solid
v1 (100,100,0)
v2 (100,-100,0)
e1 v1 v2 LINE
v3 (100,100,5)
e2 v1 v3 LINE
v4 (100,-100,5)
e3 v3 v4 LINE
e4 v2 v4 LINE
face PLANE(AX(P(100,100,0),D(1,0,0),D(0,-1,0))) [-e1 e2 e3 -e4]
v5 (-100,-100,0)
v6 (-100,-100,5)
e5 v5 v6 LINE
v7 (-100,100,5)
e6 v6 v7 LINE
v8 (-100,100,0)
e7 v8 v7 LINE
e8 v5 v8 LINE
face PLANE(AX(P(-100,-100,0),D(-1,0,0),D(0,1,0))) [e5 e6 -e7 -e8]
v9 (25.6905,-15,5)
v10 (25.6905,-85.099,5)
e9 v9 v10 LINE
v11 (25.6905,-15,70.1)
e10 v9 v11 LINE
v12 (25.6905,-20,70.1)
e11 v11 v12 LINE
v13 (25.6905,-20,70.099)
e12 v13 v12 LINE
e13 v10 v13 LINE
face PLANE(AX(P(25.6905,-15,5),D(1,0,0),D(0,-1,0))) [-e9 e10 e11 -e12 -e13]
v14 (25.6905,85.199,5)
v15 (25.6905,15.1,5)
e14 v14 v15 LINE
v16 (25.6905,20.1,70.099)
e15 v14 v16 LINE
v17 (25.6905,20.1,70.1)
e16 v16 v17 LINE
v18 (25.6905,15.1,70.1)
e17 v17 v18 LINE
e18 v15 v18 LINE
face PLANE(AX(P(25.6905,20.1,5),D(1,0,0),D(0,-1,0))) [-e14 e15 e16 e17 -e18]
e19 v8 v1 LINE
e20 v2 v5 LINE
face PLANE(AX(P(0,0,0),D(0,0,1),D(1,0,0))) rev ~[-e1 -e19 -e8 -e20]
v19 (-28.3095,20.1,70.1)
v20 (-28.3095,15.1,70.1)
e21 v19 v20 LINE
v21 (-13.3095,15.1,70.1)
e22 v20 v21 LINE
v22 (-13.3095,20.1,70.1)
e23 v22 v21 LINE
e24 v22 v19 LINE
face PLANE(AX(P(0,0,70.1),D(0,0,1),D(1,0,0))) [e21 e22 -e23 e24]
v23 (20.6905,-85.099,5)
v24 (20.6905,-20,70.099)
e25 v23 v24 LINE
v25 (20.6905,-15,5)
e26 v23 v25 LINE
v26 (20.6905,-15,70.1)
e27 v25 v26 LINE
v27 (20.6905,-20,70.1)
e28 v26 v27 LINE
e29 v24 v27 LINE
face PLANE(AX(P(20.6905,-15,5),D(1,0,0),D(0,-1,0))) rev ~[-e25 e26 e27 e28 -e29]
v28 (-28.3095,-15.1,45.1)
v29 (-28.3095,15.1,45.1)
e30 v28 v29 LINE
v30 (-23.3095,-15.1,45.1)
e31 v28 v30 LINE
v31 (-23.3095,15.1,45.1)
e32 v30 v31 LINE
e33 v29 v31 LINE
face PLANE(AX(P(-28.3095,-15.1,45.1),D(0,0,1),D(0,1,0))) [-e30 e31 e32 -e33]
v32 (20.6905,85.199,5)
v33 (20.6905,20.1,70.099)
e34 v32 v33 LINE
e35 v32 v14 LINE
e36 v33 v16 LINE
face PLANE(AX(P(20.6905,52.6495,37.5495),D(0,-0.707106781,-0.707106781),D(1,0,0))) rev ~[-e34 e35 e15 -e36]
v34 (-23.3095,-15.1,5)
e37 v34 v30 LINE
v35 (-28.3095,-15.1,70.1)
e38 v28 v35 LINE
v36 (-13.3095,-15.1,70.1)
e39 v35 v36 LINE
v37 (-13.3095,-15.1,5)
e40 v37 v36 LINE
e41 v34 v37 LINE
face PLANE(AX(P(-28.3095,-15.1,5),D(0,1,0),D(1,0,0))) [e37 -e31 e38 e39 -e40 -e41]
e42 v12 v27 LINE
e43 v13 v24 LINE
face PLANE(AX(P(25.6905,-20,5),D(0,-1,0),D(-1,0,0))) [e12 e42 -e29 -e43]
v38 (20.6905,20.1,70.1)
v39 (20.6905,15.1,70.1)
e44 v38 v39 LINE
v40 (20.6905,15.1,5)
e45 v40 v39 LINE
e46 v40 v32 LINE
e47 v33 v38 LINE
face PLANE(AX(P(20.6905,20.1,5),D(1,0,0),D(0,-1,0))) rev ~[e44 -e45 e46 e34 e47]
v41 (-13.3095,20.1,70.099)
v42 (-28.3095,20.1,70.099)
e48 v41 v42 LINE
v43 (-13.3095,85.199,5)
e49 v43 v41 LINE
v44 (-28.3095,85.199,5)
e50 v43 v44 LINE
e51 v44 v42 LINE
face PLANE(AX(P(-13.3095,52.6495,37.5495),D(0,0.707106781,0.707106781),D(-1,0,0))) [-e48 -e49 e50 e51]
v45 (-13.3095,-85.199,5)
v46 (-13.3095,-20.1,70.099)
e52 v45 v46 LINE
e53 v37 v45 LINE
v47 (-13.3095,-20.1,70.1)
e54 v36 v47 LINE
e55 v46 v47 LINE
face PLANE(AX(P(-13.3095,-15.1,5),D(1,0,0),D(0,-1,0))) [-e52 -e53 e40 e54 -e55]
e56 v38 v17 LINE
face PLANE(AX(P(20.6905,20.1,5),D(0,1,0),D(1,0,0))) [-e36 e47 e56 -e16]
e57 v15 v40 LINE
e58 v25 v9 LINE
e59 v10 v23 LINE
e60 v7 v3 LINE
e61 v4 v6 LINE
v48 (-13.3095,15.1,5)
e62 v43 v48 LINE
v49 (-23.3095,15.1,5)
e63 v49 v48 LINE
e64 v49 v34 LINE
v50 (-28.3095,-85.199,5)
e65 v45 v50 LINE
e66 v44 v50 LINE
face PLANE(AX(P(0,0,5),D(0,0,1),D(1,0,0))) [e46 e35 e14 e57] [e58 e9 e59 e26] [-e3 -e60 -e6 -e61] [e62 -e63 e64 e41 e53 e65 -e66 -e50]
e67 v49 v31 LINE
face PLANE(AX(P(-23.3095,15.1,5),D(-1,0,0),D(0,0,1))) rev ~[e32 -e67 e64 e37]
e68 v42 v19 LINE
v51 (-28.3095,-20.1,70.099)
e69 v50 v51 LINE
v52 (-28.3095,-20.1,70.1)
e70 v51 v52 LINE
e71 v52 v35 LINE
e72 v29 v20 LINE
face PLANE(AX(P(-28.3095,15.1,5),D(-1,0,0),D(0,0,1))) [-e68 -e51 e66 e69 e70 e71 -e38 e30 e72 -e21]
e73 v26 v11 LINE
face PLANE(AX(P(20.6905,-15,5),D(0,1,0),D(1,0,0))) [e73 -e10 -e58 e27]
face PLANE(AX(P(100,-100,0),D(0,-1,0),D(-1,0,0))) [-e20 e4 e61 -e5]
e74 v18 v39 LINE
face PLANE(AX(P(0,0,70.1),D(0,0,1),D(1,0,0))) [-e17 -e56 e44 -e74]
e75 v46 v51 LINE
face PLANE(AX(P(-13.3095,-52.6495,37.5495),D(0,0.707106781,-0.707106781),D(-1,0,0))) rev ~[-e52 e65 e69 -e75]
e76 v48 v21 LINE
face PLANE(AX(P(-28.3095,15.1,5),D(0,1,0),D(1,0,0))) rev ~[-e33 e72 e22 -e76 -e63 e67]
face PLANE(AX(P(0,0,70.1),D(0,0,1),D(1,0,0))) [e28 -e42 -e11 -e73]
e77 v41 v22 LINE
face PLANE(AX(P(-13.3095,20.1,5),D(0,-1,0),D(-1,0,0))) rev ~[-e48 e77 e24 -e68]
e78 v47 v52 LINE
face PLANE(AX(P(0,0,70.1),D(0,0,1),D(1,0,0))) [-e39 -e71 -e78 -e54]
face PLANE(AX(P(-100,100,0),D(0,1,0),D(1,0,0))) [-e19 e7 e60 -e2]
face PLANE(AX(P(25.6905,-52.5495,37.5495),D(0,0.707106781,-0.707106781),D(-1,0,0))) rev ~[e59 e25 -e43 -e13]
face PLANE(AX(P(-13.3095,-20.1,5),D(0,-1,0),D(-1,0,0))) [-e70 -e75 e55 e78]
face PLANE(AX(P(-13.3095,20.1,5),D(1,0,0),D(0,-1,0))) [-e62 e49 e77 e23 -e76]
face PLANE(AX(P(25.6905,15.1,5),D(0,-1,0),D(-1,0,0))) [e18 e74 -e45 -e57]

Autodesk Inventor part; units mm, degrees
ref_plane "YZ Plane" through (0, 0, 0) normal (1, 0, 0) x (0, 1, 0)
ref_plane "XZ Plane" through (0, 0, 0) normal (0, 1, 0) x (-1, 0, 0)
sketch "Sketch1" plane through (0, 0, 0) normal (0, 0, 1) x (1, 0, 0)
  line L0 (-100, 100) -> (100, 100)
  line L1 (100, 100) -> (100, -100)
  line L2 (100, -100) -> (-100, -100)
  line L3 (-100, -100) -> (-100, 100)
  line L4 (-100, 100) -> (100, -100) construction
  line L5 (100, 100) -> (-100, -100) construction
  point P0 (0, 0)
  dimension "d0" = 200
  dimension "d1" = 200
extrude "Extrusion1" add sketch "Sketch1" along normal blind 5
ref_plane "Work Plane1" through (-17.3121, -15, 70.1) normal (0, 0, 1) x (1, 0, 0)
sketch "Sketch3" plane through (0, 0, 5) normal (0, 0, 1) x (1, 0, 0)
  line L0 (-13.3095, -15) -> (-13.3095, -20.1)
  line L1 (-13.3095, -14.5) -> (-18.3095, -14.5)
  line L2 (20.6905, -15) -> (20.6905, -20.1)
  line L3 (25.6905, -14.5) -> (20.6905, -14.5)
  line L4 (-13.3095, 20.1) -> (-13.3095, 15)
  line L5 (-18.3095, 14.5) -> (-13.3095, 14.5)
  line L6 (20.6905, 20.1) -> (20.6905, 15)
  line L7 (25.6905, 14.5) -> (20.6905, 14.5)
  line L8 (20.6905, -15) -> (25.6905, -15)
  line L9 (25.6905, -15) -> (25.6905, -20)
  line L10 (25.6905, -20) -> (20.6905, -20)
  line L11 (20.6905, -20) -> (20.6905, -15)
  line L12 (-13.3095, -20.1) -> (-28.3095, -20.1)
  line L13 (-28.3095, -20.1) -> (-28.3095, -15.1)
  line L14 (-28.3095, -15.1) -> (-13.3095, -15.1)
  line L15 (-13.3095, -15.1) -> (-13.3095, -20.1)
  line L16 (-13.3095, 20.1) -> (-28.3095, 20.1)
  line L17 (-28.3095, 20.1) -> (-28.3095, 15.1)
  line L18 (-28.3095, 15.1) -> (-13.3095, 15.1)
  line L19 (-13.3095, 15.1) -> (-13.3095, 20.1)
  line L20 (20.6905, 20.1) -> (25.6905, 20.1)
  line L21 (25.6905, 20.1) -> (25.6905, 15.1)
  line L22 (25.6905, 15.1) -> (20.6905, 15.1)
  line L23 (20.6905, 15.1) -> (20.6905, 20.1)
  point P0 (0, 0)
extrude "Extrusion2" add sketch "Sketch3" along normal up to surface (65.1 mm away)
chamfer "Chamfer1" distance 65.1 angle 45 5 edges at (-20.8095, 20.1, 5) (23.1905, 20.1, 5) (-28.3095, -20.1, 37.55) (-20.8095, -20.1, 5) (23.1905, -20, 5)
sketch "Sketch4" plane through (-28.3095, 15.1, 5) normal (-1, 0, 0) x (0, 0, 1)
  line L0 (0, 0) -> (65.1, 0) projected
  line L1 (65.1, 0) -> (40.1, 0)
  line L2 (65.1, 0) -> (90.1, 0) construction
  line L3 (0, -30.2) -> (65.1, -30.2) projected
  line L4 (40.1, 0) -> (0, 0)
  line L5 (0, 0) -> (0, -30.2)
  line L6 (0, -30.2) -> (40.1, -30.2)
  line L7 (40.1, -30.2) -> (40.1, 0)
  point P0 (-5, -15.1)
  dimension "d17" = 25
  dimension "d18" = 180
extrude "Extrusion3" add sketch "Sketch4" against normal blind 5
properties part number "base"
